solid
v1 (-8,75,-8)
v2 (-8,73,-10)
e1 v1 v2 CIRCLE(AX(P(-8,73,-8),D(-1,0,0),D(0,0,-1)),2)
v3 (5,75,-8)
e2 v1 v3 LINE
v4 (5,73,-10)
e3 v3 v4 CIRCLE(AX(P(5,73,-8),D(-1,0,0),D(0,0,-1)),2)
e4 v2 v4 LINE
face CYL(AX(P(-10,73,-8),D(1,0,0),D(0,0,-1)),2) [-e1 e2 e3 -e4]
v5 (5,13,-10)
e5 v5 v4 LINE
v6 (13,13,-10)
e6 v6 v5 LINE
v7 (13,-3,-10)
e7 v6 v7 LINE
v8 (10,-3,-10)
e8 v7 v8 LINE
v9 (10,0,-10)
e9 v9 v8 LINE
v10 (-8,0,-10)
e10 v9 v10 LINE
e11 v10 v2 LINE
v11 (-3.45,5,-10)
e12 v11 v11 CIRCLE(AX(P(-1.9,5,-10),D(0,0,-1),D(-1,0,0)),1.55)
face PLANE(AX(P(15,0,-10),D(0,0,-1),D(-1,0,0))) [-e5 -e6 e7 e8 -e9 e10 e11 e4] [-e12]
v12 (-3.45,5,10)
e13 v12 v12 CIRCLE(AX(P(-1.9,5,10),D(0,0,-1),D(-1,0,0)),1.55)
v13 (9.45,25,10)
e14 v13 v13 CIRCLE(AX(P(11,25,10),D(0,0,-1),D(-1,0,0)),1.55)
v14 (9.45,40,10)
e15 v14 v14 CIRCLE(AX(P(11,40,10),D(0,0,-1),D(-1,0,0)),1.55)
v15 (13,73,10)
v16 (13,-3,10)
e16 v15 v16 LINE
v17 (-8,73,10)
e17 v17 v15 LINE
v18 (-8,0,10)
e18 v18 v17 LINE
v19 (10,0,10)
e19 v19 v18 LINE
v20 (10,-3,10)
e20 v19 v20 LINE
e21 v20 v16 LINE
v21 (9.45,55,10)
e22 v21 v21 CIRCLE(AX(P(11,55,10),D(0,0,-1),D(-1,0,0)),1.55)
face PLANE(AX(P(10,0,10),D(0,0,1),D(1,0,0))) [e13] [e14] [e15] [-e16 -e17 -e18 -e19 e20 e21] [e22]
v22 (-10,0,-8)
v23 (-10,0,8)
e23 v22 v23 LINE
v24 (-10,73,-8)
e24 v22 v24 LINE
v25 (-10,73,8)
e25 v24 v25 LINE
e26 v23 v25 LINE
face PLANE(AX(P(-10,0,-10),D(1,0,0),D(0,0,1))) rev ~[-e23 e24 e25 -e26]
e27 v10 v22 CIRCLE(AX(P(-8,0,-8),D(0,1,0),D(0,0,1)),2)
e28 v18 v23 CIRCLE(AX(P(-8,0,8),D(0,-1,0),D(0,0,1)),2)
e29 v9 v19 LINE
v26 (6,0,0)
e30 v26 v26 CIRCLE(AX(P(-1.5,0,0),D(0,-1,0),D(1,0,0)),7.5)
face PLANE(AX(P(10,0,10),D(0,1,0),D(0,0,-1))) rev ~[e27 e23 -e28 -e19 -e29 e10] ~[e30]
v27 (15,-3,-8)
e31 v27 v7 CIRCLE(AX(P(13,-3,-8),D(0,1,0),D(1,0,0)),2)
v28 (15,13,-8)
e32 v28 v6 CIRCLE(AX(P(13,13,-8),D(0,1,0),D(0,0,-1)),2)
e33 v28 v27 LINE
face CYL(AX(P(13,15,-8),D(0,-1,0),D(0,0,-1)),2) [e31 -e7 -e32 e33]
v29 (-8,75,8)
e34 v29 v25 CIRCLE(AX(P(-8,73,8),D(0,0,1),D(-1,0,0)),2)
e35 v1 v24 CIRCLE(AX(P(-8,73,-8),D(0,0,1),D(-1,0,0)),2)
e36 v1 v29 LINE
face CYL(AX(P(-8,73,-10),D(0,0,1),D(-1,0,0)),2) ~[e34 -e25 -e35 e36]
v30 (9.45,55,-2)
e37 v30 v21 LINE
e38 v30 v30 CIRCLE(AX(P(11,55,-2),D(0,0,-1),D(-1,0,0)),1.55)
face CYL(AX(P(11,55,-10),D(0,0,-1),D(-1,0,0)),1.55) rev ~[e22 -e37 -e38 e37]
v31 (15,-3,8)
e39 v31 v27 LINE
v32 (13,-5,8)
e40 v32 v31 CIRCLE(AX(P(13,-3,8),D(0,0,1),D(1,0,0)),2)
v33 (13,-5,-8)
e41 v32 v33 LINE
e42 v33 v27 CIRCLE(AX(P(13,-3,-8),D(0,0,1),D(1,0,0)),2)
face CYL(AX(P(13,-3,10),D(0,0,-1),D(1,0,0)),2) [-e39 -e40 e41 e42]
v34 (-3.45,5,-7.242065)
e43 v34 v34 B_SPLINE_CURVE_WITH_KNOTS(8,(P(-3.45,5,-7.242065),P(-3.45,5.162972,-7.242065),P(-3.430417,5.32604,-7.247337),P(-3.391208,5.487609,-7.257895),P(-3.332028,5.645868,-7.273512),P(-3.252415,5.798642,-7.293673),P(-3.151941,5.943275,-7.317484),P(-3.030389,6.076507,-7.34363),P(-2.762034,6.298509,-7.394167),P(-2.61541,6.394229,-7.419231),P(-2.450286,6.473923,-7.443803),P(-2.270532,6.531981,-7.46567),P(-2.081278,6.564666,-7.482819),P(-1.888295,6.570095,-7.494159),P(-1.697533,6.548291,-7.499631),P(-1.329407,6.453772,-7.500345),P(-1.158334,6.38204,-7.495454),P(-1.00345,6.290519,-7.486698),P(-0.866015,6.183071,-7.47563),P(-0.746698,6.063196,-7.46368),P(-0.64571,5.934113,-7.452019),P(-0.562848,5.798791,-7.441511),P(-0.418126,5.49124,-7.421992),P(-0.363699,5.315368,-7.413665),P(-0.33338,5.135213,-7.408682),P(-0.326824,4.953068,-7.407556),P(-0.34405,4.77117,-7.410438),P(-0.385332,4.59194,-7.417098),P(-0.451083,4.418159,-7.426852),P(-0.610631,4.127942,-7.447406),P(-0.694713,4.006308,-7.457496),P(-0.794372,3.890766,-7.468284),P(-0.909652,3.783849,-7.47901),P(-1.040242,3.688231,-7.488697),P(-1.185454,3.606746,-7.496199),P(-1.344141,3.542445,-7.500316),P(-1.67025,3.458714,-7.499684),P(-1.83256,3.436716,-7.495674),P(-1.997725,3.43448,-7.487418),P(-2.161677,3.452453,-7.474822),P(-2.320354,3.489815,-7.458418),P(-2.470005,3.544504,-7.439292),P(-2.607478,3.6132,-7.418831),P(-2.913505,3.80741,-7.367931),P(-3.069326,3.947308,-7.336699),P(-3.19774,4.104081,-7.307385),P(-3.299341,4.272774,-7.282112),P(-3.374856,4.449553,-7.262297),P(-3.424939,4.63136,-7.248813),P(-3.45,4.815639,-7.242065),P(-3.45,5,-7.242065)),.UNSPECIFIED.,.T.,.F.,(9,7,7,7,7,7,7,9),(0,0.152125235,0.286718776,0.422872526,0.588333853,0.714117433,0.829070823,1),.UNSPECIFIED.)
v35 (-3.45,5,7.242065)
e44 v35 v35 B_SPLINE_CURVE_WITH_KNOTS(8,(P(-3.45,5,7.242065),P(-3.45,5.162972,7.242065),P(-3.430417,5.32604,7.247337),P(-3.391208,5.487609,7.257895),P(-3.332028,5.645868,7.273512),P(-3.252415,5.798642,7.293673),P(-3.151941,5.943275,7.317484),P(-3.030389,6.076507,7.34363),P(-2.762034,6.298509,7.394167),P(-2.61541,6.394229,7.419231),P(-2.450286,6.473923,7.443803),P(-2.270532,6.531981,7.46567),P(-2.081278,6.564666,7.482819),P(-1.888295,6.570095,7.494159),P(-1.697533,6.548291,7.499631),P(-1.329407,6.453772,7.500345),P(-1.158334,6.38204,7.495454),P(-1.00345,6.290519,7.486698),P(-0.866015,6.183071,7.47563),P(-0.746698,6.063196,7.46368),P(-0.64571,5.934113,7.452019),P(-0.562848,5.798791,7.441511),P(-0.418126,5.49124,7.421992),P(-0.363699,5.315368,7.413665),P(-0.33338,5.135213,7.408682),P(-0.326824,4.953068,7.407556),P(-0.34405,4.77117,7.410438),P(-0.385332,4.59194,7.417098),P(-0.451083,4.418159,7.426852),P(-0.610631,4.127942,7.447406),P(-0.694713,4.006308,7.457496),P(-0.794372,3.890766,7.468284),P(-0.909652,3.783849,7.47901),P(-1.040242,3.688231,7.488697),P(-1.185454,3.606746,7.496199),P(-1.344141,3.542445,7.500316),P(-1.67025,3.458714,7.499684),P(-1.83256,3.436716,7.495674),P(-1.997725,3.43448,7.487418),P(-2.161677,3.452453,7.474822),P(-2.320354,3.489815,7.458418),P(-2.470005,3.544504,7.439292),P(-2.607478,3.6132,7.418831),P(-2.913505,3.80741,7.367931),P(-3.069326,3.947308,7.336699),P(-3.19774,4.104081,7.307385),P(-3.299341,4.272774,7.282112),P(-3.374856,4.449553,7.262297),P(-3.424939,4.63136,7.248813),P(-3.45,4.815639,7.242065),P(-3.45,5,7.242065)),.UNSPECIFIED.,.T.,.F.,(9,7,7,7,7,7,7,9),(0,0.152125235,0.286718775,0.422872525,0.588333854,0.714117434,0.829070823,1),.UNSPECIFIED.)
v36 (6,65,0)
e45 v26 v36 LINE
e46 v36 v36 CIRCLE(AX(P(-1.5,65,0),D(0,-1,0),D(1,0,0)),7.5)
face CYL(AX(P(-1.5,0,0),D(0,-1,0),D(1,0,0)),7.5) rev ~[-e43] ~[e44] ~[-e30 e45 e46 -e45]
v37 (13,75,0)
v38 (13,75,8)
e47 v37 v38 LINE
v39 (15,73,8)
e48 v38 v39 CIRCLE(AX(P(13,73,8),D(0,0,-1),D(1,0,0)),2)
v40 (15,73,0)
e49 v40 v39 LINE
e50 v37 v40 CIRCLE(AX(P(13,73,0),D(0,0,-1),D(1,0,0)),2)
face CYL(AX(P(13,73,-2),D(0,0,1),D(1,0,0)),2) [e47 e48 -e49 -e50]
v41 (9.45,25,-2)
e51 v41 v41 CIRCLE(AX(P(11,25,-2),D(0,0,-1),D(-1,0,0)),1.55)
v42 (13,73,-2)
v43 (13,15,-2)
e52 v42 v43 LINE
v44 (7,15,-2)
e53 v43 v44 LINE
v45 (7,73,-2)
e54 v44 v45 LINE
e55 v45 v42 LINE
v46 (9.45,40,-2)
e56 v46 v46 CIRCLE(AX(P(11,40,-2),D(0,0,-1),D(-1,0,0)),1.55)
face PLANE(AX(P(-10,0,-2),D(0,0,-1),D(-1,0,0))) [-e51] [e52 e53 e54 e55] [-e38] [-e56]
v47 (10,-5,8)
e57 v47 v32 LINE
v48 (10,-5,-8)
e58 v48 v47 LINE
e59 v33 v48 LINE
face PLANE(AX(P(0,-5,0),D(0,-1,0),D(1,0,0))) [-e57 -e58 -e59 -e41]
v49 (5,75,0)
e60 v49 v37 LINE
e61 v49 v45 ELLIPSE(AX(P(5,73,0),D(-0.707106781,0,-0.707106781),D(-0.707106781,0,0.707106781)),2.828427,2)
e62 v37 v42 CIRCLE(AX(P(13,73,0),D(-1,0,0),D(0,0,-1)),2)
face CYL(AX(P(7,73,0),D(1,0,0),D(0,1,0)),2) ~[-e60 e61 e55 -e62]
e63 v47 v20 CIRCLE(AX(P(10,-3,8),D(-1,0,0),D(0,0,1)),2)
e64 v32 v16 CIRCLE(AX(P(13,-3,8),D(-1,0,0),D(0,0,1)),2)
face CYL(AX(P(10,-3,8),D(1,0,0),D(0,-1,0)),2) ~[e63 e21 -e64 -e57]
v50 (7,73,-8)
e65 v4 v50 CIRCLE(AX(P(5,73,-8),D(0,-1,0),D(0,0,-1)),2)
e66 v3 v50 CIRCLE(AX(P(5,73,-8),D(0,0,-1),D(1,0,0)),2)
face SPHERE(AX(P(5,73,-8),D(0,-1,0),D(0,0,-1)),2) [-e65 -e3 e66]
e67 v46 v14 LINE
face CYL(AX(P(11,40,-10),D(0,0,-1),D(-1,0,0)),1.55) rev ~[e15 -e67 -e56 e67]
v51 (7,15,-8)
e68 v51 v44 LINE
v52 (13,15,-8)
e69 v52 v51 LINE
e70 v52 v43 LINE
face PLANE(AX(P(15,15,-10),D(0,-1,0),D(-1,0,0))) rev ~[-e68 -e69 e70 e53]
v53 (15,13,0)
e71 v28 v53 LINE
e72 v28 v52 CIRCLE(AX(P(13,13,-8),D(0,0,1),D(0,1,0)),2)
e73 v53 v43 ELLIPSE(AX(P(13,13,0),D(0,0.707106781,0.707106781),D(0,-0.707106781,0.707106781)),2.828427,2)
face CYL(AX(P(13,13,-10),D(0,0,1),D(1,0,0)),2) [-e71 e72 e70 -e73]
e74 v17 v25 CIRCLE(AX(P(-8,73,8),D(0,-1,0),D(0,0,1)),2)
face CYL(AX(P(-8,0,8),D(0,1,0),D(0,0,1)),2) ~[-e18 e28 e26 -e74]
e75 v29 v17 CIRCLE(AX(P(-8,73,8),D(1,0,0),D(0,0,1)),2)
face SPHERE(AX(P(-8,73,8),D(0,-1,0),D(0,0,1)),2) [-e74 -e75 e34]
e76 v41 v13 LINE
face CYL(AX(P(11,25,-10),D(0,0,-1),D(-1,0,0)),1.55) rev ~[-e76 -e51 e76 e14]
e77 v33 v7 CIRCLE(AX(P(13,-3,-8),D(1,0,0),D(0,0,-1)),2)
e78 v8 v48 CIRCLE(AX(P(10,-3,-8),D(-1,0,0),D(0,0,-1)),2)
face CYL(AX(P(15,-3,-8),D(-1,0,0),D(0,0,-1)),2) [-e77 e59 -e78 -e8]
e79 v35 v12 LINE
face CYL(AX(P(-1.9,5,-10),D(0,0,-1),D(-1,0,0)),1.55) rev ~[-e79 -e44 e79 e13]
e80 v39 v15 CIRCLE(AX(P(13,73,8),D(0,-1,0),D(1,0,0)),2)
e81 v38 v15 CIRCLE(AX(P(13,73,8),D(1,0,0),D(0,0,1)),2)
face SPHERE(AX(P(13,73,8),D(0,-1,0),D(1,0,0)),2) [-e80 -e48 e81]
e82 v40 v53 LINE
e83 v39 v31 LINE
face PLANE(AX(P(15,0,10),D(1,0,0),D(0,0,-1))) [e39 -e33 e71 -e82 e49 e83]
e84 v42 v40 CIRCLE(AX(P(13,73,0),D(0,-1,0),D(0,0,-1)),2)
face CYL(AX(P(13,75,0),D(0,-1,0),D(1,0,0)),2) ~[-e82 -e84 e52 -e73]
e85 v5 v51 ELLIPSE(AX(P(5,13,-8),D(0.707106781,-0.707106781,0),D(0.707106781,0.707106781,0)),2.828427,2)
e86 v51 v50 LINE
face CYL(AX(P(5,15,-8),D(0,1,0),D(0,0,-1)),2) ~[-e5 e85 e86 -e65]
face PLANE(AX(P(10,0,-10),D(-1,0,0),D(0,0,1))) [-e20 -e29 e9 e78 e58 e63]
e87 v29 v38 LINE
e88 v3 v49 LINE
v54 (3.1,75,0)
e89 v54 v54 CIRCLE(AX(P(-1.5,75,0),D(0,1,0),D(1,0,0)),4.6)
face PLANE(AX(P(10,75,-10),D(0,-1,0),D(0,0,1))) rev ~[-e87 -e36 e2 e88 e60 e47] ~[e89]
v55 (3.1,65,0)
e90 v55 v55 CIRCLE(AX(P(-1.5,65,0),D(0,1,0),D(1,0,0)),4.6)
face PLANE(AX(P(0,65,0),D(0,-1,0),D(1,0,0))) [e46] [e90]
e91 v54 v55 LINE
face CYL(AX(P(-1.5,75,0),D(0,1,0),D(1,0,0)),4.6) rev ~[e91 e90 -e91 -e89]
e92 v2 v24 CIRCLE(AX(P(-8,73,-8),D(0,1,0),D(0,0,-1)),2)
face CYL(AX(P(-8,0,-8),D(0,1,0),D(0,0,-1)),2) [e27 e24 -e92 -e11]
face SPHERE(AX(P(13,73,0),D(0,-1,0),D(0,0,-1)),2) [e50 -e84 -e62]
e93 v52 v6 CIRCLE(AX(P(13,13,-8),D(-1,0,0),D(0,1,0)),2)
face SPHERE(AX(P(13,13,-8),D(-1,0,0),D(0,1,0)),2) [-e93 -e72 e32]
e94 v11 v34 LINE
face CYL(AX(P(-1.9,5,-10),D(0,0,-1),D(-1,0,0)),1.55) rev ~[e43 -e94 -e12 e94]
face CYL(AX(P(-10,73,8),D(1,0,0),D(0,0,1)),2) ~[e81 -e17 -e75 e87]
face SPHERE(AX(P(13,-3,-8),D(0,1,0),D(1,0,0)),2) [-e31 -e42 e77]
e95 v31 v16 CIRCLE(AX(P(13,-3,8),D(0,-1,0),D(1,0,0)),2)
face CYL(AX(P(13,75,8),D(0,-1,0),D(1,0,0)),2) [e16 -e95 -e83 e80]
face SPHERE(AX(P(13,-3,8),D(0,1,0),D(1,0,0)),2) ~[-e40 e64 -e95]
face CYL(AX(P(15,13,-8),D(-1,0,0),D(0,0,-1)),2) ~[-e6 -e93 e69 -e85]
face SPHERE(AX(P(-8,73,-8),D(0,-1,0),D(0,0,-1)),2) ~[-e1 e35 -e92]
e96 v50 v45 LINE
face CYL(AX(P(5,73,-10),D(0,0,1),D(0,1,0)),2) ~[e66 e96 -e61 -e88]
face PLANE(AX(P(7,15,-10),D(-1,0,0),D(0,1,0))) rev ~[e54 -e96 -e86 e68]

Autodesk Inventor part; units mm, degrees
ref_plane "YZ Plane" through (0, 0, 0) normal (1, 0, 0) x (0, 1, 0)
ref_plane "XZ Plane" through (0, 0, 0) normal (0, 1, 0) x (-1, 0, 0)
ref_plane "XY Plane" through (0, 0, 0) normal (0, 0, 1) x (1, 0, 0)
sketch "Sketch1" plane through (0, 0, 0) normal (0, 1, 0) x (-1, 0, 0)
  line L0 (10, 10) -> (-10, 10)
  line L1 (-10, 10) -> (-10, -10)
  line L2 (-10, -10) -> (10, -10)
  line L3 (10, -10) -> (10, 10)
  line L4 (10, 10) -> (-10, -10) construction
  line L5 (-10, 10) -> (10, -10) construction
  point P0 (0, 0)
  dimension "d0" = 20
  dimension "d1" = 20
extrude "Extrusion1" add sketch "Sketch1" along normal blind 75
sketch "Sketch2" plane through (0, 75, 0) normal (0, 1, 0) x (1, 0, 0)
  circle A0 centre (-1.5, 0) radius 4.6
  line L0 (-10, -10) -> (10, -10) projected
  line L1 (-10, 10) -> (-10, -10) projected
  dimension "d4" = 9.2
  dimension "d25" = 10
  dimension "d26" = 8.5
extrude "Extrusion2" cut sketch "Sketch2" against normal blind 10
sketch "Sketch3" plane through (0, 0, 0) normal (0, -1, 0) x (1, 0, 0)
  circle A0 centre (-1.5, 0) radius 7.5
  line L0 (10, -10) -> (-10, -10) projected
  line L1 (-10, -10) -> (-10, 10) projected
  dimension "d7" = 15
  dimension "d27" = 10
  dimension "d28" = 8.5
extrude "Extrusion3" cut sketch "Sketch3" against normal blind 65
sketch "Sketch5" plane through (10, 0, 10) normal (1, 0, 0) x (0, 0, -1)
  line L0 (20, 75) -> (0, 75)
  line L1 (0, 75) -> (0, 0)
  line L2 (0, 0) -> (20, 0)
  line L3 (20, 0) -> (20, 75)
  line L4 (20, 0) -> (20, 75) projected
  line L5 (0, 0) -> (20, 0) projected
  line L6 (0, 75) -> (20, 75) projected
  line L7 (0, 0) -> (0, 75) projected
  point P0 (10, 0)
extrude "Extrusion5" add sketch "Sketch5" along normal blind 5
sketch "Sketch7" plane through (-10, 0, -10) normal (0, 0, -1) x (-1, 0, 0)
  circle A0 centre (-21, 55) radius 1.55
  circle A1 centre (-21, 40) radius 1.55
  circle A2 centre (-21, 25) radius 1.55
  line L0 (0, 75) -> (-25, 75) projected
  line L1 (-25, 0) -> (-25, 75) projected
  point P0 (-10, 0)
  dimension "d16" = 3.1
  dimension "d17" = 3.1
  dimension "d18" = 3.1
  dimension "d19" = 20
  dimension "d20" = 15
  dimension "d21" = 15
  dimension "d22" = 4
extrude "Extrusion6" cut sketch "Sketch7" against normal blind 20
sketch "Sketch8" plane through (-10, 0, -10) normal (0, 0, -1) x (-1, 0, 0)
  line L0 (-17, 75) -> (-25, 75)
  line L1 (-25, 75) -> (-25, 15)
  line L2 (-25, 15) -> (-17, 15)
  line L3 (-17, 15) -> (-17, 75)
  line L4 (0, 0) -> (-25, 0) projected
  line L5 (0, 75) -> (-25, 75) projected
  line L6 (-25, 0) -> (-25, 75) projected
  point P0 (-10, 0)
  dimension "d29" = 8
  dimension "d32" = 15
extrude "Extrusion7" cut sketch "Sketch8" against normal blind 8
sketch "Sketch9" plane through (-10, 0, -10) normal (0, 0, -1) x (-1, 0, 0)
  circle A0 centre (-8.1, 5) radius 1.55
  line L0 (0, 0) -> (0, 75) projected
  line L1 (0, 0) -> (-25, 0) projected
  point P0 (-10, 0)
  dimension "d33" = 3.1
  dimension "d34" = 8.1
  dimension "d35" = 5
extrude "Extrusion8" cut sketch "Sketch9" against normal through all
sketch "Sketch10" plane through (0, 0, 0) normal (0, -1, 0) x (1, 0, 0)
  line L0 (15, -10) -> (10, -10)
  line L1 (10, -10) -> (10, 10)
  line L2 (10, 10) -> (15, 10)
  line L3 (15, 10) -> (15, -10)
  line L4 (-10, -10) -> (15, -10) projected
  line L5 (-10, 10) -> (15, 10) projected
  line L6 (15, 10) -> (15, -10) projected
  point P0 (0, 0)
  dimension "d38" = 5
extrude "Extrusion9" add sketch "Sketch10" along normal blind 5
fillet "Fillet1" radius 2 17 edges at (15, 35, 10) (-10, 37.5, 10) (15, 45, -2) (7, 45, -10) (-10, 37.5, -10) (-1.5, 75, -10) (7, 75, -6) (11, 75, -2) (15, 75, 4) (2.5, 75, 10) (-10, 75, 0) (11, 15, -10) (15, 15, -6) (15, 5, -10) (15, -5, 0) (12.5, -5, -10) (12.5, -5, 10)
properties part number "finger2" material "ABS Plastic"
